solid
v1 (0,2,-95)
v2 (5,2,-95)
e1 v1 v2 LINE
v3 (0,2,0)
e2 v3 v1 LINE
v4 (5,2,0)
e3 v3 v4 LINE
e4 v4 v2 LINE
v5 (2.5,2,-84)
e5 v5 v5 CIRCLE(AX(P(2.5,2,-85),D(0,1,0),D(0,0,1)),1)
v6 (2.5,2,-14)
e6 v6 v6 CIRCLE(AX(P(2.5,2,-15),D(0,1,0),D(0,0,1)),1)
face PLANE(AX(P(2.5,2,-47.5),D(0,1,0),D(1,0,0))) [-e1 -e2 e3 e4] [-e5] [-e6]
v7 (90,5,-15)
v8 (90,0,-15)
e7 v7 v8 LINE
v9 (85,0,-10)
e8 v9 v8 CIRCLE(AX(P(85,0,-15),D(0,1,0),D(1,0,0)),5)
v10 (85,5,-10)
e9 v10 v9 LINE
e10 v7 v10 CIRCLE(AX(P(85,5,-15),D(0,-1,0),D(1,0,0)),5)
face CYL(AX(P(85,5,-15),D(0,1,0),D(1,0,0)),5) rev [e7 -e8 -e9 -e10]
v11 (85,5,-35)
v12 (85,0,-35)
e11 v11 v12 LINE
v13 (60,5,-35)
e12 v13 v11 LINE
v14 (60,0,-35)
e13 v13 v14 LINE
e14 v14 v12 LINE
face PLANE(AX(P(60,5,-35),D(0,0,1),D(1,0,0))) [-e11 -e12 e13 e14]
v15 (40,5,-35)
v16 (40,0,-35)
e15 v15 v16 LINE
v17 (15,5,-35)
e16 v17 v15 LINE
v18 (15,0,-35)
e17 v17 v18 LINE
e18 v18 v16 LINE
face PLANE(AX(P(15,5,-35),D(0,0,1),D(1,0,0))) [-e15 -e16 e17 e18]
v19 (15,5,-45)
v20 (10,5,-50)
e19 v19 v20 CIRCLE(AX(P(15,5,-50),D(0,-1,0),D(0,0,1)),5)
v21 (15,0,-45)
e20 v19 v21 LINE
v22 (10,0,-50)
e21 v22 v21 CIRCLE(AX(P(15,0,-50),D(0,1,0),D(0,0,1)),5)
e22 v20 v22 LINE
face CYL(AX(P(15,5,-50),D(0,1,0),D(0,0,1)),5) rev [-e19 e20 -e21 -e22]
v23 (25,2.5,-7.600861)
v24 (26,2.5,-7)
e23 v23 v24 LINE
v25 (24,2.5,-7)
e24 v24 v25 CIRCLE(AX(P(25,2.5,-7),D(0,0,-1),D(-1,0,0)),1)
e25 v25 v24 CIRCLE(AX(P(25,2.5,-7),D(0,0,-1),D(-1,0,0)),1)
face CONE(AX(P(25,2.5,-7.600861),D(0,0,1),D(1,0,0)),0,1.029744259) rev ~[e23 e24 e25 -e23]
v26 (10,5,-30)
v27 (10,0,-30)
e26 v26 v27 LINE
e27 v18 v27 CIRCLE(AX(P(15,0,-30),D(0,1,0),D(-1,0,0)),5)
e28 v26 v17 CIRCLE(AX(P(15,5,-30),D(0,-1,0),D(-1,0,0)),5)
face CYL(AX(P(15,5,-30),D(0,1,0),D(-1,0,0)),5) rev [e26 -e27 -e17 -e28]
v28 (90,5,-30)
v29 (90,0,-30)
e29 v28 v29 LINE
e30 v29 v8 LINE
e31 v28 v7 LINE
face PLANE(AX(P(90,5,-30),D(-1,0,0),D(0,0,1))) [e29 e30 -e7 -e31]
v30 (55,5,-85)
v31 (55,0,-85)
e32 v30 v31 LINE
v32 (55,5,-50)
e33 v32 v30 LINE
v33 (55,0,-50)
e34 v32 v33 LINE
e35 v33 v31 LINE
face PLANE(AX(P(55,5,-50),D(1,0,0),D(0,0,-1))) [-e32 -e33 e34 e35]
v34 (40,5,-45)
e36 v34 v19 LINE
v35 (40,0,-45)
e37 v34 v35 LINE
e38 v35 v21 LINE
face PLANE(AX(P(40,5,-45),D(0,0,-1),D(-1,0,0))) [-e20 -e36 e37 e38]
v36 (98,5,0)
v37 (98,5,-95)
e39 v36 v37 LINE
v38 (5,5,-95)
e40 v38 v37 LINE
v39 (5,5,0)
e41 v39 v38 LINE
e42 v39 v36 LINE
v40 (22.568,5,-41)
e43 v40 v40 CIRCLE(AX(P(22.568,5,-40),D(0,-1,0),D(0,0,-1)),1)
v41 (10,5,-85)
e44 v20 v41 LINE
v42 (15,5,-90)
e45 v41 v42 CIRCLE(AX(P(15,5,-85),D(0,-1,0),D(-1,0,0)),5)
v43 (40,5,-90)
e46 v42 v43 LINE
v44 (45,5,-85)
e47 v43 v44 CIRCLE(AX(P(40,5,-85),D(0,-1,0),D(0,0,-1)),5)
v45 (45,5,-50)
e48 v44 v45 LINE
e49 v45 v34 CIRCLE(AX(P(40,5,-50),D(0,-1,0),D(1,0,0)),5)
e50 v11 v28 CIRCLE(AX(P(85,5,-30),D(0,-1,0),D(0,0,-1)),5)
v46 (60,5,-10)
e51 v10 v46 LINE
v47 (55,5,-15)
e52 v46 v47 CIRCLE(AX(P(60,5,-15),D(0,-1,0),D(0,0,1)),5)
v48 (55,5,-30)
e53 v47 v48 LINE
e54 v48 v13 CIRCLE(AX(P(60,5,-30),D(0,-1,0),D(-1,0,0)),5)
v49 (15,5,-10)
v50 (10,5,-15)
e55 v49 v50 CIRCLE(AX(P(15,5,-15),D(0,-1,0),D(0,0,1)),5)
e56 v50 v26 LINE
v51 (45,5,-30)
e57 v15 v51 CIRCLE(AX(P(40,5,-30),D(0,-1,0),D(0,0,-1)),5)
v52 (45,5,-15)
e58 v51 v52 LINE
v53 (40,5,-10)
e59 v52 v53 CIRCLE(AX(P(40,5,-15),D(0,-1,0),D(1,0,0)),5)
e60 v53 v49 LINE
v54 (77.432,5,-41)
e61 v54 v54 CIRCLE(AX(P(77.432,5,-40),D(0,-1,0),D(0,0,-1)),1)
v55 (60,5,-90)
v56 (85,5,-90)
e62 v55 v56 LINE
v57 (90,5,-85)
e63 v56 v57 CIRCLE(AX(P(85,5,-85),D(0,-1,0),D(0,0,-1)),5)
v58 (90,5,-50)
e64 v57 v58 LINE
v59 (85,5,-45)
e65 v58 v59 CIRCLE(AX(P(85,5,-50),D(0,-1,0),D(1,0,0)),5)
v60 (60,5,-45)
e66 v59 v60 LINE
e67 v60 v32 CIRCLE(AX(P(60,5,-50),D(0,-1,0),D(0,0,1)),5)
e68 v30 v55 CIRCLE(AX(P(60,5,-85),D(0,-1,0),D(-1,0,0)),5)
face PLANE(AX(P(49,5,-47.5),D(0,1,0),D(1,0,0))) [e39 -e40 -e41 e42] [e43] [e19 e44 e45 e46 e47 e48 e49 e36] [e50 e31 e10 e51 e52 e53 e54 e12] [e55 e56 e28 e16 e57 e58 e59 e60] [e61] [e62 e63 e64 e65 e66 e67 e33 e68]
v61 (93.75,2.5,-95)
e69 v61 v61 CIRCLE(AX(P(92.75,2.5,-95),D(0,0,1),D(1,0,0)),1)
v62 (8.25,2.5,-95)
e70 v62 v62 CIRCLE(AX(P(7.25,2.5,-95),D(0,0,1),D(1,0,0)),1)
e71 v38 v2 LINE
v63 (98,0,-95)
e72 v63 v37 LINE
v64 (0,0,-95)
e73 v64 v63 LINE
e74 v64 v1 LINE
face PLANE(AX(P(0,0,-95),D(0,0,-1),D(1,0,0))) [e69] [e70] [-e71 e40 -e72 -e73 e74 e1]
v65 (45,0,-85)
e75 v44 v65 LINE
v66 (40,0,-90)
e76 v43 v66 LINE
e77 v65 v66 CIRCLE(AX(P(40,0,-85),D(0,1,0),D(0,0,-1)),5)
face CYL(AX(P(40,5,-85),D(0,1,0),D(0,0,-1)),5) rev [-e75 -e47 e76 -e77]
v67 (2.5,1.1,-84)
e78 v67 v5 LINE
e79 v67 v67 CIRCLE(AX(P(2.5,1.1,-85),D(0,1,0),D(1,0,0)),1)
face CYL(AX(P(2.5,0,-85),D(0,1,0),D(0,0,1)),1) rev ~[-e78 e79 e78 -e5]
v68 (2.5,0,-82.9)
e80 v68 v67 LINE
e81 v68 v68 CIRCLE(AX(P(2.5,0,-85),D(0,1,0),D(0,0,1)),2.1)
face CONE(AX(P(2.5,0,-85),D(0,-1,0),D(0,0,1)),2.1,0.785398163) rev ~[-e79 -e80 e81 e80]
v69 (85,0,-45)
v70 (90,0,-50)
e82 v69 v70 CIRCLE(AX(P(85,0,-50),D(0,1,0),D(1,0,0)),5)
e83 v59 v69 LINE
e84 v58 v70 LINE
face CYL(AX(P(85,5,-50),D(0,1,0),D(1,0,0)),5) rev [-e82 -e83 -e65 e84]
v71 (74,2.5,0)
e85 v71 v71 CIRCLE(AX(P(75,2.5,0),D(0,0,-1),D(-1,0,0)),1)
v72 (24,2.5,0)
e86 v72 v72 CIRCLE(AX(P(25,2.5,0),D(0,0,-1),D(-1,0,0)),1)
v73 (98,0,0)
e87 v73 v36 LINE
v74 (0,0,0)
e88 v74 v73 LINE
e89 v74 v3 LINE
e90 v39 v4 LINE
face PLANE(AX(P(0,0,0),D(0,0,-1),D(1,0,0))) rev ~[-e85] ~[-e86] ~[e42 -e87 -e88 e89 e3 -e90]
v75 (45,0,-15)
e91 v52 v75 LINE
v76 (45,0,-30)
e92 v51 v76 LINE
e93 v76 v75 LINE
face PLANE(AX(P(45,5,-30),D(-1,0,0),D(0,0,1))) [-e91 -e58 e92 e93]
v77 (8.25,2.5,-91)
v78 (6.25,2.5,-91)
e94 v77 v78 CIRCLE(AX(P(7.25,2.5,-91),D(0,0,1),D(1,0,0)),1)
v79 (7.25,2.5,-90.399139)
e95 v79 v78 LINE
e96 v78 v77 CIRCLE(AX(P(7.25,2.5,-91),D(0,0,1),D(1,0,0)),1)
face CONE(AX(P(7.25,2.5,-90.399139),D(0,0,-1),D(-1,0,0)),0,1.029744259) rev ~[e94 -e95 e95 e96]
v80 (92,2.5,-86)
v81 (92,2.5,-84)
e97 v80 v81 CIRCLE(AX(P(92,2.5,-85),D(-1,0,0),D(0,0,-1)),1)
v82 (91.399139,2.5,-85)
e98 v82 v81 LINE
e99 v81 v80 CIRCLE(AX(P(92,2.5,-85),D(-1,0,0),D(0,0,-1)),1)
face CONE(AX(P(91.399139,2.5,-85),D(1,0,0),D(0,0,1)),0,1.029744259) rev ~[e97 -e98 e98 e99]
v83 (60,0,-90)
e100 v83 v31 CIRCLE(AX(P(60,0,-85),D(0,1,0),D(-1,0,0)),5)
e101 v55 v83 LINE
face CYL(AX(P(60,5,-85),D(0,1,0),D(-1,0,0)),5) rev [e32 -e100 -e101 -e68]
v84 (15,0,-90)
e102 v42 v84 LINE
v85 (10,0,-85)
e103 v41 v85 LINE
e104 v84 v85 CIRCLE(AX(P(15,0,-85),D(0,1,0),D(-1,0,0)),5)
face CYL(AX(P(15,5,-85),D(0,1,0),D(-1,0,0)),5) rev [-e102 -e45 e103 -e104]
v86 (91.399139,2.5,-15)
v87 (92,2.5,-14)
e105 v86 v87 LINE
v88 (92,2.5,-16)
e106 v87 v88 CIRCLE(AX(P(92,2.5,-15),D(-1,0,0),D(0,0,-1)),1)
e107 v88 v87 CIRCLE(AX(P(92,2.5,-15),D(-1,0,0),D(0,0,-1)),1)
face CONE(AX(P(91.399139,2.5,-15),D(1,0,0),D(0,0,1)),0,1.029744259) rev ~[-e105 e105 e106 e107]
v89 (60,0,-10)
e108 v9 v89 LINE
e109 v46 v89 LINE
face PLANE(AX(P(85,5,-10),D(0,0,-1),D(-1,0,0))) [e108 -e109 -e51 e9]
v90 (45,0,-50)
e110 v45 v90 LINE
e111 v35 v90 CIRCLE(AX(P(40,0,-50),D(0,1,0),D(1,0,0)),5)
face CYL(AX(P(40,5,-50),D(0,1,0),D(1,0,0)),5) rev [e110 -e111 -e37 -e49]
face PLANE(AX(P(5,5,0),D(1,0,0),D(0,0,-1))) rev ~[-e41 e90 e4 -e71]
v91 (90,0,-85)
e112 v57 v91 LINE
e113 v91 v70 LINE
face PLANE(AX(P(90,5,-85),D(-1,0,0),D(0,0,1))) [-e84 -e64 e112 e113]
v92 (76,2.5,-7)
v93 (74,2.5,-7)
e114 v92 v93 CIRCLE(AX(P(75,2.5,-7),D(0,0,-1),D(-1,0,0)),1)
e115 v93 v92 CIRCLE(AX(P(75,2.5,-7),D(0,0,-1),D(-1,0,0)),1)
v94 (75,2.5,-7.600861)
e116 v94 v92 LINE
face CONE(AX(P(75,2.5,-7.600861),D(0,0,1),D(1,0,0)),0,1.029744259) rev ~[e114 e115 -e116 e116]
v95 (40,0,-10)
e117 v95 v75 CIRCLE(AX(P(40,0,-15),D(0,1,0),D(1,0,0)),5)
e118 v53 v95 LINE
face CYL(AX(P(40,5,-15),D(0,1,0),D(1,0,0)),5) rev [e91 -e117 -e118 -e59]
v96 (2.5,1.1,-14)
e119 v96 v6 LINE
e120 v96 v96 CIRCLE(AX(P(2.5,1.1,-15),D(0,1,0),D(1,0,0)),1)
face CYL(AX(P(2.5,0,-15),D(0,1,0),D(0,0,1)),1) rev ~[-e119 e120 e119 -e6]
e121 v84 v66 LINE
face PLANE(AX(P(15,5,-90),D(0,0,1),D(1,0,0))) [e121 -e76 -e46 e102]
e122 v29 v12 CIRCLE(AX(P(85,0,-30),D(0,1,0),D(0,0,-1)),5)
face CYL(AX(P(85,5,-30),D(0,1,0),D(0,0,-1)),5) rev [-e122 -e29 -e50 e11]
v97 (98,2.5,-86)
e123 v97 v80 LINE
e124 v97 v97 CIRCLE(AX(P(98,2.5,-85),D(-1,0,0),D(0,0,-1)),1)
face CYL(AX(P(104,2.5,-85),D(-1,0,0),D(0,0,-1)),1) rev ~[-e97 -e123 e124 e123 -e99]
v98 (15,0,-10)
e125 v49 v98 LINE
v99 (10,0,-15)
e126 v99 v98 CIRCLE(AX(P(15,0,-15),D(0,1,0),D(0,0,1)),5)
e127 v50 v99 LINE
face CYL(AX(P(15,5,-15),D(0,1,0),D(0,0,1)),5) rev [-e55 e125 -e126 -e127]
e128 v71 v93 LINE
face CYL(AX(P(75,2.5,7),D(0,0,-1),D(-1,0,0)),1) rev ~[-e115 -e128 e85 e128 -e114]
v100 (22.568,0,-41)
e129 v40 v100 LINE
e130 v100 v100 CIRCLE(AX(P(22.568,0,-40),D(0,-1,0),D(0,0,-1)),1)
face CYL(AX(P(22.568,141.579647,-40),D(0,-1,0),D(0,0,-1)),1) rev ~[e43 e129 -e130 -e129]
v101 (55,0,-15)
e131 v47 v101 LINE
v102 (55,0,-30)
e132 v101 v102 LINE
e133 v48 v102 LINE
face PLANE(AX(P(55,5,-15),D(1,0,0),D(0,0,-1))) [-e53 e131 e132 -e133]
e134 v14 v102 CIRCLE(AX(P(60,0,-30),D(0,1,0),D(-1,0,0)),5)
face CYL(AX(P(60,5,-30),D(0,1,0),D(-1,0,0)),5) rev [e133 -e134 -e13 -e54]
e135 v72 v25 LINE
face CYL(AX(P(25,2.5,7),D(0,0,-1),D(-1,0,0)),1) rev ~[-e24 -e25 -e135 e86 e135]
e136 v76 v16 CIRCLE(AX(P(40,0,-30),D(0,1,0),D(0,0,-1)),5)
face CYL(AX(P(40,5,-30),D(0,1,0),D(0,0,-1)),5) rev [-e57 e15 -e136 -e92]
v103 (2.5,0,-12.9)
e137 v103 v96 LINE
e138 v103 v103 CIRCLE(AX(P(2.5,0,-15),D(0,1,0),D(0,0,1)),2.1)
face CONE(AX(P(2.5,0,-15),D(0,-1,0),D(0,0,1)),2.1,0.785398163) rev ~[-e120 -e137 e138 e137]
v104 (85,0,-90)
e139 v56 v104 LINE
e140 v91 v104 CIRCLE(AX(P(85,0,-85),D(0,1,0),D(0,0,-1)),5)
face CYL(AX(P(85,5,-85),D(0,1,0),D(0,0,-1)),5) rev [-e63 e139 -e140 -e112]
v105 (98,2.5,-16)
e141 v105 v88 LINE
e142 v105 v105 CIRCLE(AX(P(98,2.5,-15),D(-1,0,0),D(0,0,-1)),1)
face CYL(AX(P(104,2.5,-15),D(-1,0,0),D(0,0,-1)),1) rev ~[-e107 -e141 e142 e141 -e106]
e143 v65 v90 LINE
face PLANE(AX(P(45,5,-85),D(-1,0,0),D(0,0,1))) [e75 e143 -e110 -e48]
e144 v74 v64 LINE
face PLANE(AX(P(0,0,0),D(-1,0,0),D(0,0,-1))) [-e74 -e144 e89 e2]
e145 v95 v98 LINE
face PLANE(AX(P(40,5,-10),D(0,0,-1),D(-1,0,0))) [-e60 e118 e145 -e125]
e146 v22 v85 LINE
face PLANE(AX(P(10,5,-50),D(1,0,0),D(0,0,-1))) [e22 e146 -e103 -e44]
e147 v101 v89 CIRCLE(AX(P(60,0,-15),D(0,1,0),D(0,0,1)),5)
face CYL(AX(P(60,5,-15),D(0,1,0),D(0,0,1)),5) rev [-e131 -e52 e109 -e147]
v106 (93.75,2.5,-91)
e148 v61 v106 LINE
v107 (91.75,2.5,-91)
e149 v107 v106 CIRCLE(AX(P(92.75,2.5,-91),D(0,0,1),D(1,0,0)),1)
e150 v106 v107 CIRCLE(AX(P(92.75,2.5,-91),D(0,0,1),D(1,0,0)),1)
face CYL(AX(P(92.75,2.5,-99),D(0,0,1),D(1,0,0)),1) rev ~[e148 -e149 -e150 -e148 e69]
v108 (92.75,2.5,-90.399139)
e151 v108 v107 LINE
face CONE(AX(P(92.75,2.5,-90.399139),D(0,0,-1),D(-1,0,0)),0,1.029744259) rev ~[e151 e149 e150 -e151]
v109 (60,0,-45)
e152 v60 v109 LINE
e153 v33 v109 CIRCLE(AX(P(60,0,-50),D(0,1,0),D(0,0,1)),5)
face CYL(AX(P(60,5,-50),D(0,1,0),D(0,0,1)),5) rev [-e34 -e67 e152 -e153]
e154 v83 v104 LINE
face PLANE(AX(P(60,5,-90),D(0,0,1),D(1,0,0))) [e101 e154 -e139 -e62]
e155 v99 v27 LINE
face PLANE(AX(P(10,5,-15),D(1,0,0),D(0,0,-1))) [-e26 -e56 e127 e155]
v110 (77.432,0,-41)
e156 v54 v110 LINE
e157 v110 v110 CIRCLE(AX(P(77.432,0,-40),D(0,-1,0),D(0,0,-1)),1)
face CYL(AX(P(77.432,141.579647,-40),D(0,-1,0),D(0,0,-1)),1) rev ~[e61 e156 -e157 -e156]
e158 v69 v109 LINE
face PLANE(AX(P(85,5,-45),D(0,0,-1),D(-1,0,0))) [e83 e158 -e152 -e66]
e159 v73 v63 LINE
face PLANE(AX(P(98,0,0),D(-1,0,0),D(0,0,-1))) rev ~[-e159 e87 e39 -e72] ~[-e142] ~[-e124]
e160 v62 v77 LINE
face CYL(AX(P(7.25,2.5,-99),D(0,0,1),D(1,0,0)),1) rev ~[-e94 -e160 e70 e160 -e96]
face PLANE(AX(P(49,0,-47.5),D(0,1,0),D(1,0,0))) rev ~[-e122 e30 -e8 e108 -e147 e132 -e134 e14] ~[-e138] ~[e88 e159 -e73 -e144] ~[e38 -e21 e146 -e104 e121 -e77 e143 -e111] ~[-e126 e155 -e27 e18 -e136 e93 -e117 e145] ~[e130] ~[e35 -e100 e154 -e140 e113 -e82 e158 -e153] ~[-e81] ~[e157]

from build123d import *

# Parameters (mm, degrees)
SKETCH1_W                             = 98
SKETCH1_H                             = 95
BOSS_EXTRUDE1_DEPTH                   = 5
SKETCH6_W                             = 5
SKETCH6_H                             = 95
CUT_EXTRUDE1_DEPTH                    = 3
CUT_EXTRUDE2_DEPTH                    = 6
TAP_DRILL_FOR_M2X0_4_TAP4_D           = 2
TAP_DRILL_FOR_M2X0_4_TAP1_D           = 2
TAP_DRILL_FOR_M2X0_4_TAP1_CSINK_D     = 4.2
TAP_DRILL_FOR_M2X0_4_TAP1_CSINK_ANGLE = 90
TAP_DRILL_FOR_M2X0_4_TAP3_D           = 2
TAP_DRILL_FOR_M2X0_4_TAP3_DEPTH       = 6
TAP_DRILL_FOR_M2X0_4_TAP3_TIP         = 0.600860619
TAP_DRILL_FOR_M2X0_4_TAP5_D           = 2
TAP_DRILL_FOR_M2X0_4_TAP5_DEPTH       = 4
TAP_DRILL_FOR_M2X0_4_TAP5_TIP         = 0.600860619
TAP_DRILL_FOR_M2X0_4_TAP6_D           = 2
TAP_DRILL_FOR_M2X0_4_TAP6_DEPTH       = 7
TAP_DRILL_FOR_M2X0_4_TAP6_TIP         = 0.600860619


with BuildPart() as part:
    # Sketch1 → Boss-Extrude1 (new body)
    with BuildSketch(Plane(origin=(0, 0, 0), x_dir=(1, 0, 0), z_dir=(0, 1, 0))):
        with Locations((49, 47.5)):
            Rectangle(SKETCH1_W, SKETCH1_H)
    extrude(amount=BOSS_EXTRUDE1_DEPTH)

    # Sketch6 → Cut-Extrude1 (cut)
    with BuildSketch(Plane(origin=(0, 5, 0), x_dir=(1, 0, 0), z_dir=(0, 1, 0))):
        with Locations((2.5, 47.5)):
            Rectangle(SKETCH6_W, SKETCH6_H)
    extrude(amount=-CUT_EXTRUDE1_DEPTH, mode=Mode.SUBTRACT)

    # Sketch5 → Cut-Extrude2 (cut, through all)
    with BuildSketch(Plane(origin=(0, 5, 0), x_dir=(1, 0, 0), z_dir=(0, 1, 0))):
        with BuildLine():
            Line((15, 90), (40, 90))
            ThreePointArc((40, 90), (43.535533906, 88.535533906), (45, 85))
            Line((45, 85), (45, 50))
            ThreePointArc((45, 50), (43.535533906, 46.464466094), (40, 45))
            Line((40, 45), (15, 45))
            ThreePointArc((15, 45), (11.464466094, 46.464466094), (10, 50))
            Line((10, 50), (10, 85))
            ThreePointArc((10, 85), (11.464466094, 88.535533906), (15, 90))
        make_face()
        with BuildLine():
            Line((60, 90), (85, 90))
            ThreePointArc((85, 90), (88.535533906, 88.535533906), (90, 85))
            Line((90, 85), (90, 50))
            ThreePointArc((90, 50), (88.535533906, 46.464466094), (85, 45))
            Line((85, 45), (60, 45))
            ThreePointArc((60, 45), (56.464466094, 46.464466094), (55, 50))
            Line((55, 50), (55, 85))
            ThreePointArc((55, 85), (56.464466094, 88.535533906), (60, 90))
        make_face()
        with BuildLine():
            Line((60, 35), (85, 35))
            ThreePointArc((85, 35), (88.535533906, 33.535533906), (90, 30))
            Line((90, 30), (90, 15))
            ThreePointArc((90, 15), (88.535533906, 11.464466094), (85, 10))
            Line((85, 10), (60, 10))
            ThreePointArc((60, 10), (56.464466094, 11.464466094), (55, 15))
            Line((55, 15), (55, 30))
            ThreePointArc((55, 30), (56.464466094, 33.535533906), (60, 35))
        make_face()
        with BuildLine():
            Line((15, 35), (40, 35))
            ThreePointArc((40, 35), (43.535533906, 33.535533906), (45, 30))
            Line((45, 30), (45, 15))
            ThreePointArc((45, 15), (43.535533906, 11.464466094), (40, 10))
            Line((40, 10), (15, 10))
            ThreePointArc((15, 10), (11.464466094, 11.464466094), (10, 15))
            Line((10, 15), (10, 30))
            ThreePointArc((10, 30), (11.464466094, 33.535533906), (15, 35))
        make_face()
    extrude(amount=-CUT_EXTRUDE2_DEPTH, mode=Mode.SUBTRACT)

    # Tap Drill for M2x0.4 Tap4 (through all)
    with Locations(Plane(origin=(22.568, 5, -40), x_dir=(0, 0, 1), z_dir=(0, 1, 0))):
        with Locations((0, 0), (0, 54.864)):
            Hole(TAP_DRILL_FOR_M2X0_4_TAP4_D / 2)

    # Tap Drill for M2x0.4 Tap1 (through all)
    with Locations(Plane(origin=(2.5, 0, -15), x_dir=(0, 0, -1), z_dir=(0, -1, 0))):
        with Locations((0, 0), (70, 0)):
            CounterSinkHole(TAP_DRILL_FOR_M2X0_4_TAP1_D / 2, TAP_DRILL_FOR_M2X0_4_TAP1_CSINK_D / 2, counter_sink_angle=TAP_DRILL_FOR_M2X0_4_TAP1_CSINK_ANGLE)

    # Tap Drill for M2x0.4 Tap3
    with Locations(Plane(origin=(98, 2.5, -15), x_dir=(0, 0, 1), z_dir=(1, 0, 0))):
        with Locations((0, 0), (-70, 0)):
            Hole(TAP_DRILL_FOR_M2X0_4_TAP3_D / 2, depth=TAP_DRILL_FOR_M2X0_4_TAP3_DEPTH)
            with Locations((0, 0, -(TAP_DRILL_FOR_M2X0_4_TAP3_DEPTH + TAP_DRILL_FOR_M2X0_4_TAP3_TIP / 2))):  # 118° drill point
                Cone(0, TAP_DRILL_FOR_M2X0_4_TAP3_D / 2, TAP_DRILL_FOR_M2X0_4_TAP3_TIP, mode=Mode.SUBTRACT)

    # Tap Drill for M2x0.4 Tap5
    with Locations(Plane(origin=(92.75, 2.5, -95), x_dir=(-1, 0, 0), z_dir=(0, 0, -1))):
        with Locations((0, 0), (85.5, 0)):
            Hole(TAP_DRILL_FOR_M2X0_4_TAP5_D / 2, depth=TAP_DRILL_FOR_M2X0_4_TAP5_DEPTH)
            with Locations((0, 0, -(TAP_DRILL_FOR_M2X0_4_TAP5_DEPTH + TAP_DRILL_FOR_M2X0_4_TAP5_TIP / 2))):  # 118° drill point
                Cone(0, TAP_DRILL_FOR_M2X0_4_TAP5_D / 2, TAP_DRILL_FOR_M2X0_4_TAP5_TIP, mode=Mode.SUBTRACT)

    # Tap Drill for M2x0.4 Tap6
    with Locations(Plane(origin=(25, 2.5, 0), x_dir=(1, 0, 0), z_dir=(0, 0, 1))):
        with Locations((0, 0), (50, 0)):
            Hole(TAP_DRILL_FOR_M2X0_4_TAP6_D / 2, depth=TAP_DRILL_FOR_M2X0_4_TAP6_DEPTH)
            with Locations((0, 0, -(TAP_DRILL_FOR_M2X0_4_TAP6_DEPTH + TAP_DRILL_FOR_M2X0_4_TAP6_TIP / 2))):  # 118° drill point
                Cone(0, TAP_DRILL_FOR_M2X0_4_TAP6_D / 2, TAP_DRILL_FOR_M2X0_4_TAP6_TIP, mode=Mode.SUBTRACT)


solid = part.part
